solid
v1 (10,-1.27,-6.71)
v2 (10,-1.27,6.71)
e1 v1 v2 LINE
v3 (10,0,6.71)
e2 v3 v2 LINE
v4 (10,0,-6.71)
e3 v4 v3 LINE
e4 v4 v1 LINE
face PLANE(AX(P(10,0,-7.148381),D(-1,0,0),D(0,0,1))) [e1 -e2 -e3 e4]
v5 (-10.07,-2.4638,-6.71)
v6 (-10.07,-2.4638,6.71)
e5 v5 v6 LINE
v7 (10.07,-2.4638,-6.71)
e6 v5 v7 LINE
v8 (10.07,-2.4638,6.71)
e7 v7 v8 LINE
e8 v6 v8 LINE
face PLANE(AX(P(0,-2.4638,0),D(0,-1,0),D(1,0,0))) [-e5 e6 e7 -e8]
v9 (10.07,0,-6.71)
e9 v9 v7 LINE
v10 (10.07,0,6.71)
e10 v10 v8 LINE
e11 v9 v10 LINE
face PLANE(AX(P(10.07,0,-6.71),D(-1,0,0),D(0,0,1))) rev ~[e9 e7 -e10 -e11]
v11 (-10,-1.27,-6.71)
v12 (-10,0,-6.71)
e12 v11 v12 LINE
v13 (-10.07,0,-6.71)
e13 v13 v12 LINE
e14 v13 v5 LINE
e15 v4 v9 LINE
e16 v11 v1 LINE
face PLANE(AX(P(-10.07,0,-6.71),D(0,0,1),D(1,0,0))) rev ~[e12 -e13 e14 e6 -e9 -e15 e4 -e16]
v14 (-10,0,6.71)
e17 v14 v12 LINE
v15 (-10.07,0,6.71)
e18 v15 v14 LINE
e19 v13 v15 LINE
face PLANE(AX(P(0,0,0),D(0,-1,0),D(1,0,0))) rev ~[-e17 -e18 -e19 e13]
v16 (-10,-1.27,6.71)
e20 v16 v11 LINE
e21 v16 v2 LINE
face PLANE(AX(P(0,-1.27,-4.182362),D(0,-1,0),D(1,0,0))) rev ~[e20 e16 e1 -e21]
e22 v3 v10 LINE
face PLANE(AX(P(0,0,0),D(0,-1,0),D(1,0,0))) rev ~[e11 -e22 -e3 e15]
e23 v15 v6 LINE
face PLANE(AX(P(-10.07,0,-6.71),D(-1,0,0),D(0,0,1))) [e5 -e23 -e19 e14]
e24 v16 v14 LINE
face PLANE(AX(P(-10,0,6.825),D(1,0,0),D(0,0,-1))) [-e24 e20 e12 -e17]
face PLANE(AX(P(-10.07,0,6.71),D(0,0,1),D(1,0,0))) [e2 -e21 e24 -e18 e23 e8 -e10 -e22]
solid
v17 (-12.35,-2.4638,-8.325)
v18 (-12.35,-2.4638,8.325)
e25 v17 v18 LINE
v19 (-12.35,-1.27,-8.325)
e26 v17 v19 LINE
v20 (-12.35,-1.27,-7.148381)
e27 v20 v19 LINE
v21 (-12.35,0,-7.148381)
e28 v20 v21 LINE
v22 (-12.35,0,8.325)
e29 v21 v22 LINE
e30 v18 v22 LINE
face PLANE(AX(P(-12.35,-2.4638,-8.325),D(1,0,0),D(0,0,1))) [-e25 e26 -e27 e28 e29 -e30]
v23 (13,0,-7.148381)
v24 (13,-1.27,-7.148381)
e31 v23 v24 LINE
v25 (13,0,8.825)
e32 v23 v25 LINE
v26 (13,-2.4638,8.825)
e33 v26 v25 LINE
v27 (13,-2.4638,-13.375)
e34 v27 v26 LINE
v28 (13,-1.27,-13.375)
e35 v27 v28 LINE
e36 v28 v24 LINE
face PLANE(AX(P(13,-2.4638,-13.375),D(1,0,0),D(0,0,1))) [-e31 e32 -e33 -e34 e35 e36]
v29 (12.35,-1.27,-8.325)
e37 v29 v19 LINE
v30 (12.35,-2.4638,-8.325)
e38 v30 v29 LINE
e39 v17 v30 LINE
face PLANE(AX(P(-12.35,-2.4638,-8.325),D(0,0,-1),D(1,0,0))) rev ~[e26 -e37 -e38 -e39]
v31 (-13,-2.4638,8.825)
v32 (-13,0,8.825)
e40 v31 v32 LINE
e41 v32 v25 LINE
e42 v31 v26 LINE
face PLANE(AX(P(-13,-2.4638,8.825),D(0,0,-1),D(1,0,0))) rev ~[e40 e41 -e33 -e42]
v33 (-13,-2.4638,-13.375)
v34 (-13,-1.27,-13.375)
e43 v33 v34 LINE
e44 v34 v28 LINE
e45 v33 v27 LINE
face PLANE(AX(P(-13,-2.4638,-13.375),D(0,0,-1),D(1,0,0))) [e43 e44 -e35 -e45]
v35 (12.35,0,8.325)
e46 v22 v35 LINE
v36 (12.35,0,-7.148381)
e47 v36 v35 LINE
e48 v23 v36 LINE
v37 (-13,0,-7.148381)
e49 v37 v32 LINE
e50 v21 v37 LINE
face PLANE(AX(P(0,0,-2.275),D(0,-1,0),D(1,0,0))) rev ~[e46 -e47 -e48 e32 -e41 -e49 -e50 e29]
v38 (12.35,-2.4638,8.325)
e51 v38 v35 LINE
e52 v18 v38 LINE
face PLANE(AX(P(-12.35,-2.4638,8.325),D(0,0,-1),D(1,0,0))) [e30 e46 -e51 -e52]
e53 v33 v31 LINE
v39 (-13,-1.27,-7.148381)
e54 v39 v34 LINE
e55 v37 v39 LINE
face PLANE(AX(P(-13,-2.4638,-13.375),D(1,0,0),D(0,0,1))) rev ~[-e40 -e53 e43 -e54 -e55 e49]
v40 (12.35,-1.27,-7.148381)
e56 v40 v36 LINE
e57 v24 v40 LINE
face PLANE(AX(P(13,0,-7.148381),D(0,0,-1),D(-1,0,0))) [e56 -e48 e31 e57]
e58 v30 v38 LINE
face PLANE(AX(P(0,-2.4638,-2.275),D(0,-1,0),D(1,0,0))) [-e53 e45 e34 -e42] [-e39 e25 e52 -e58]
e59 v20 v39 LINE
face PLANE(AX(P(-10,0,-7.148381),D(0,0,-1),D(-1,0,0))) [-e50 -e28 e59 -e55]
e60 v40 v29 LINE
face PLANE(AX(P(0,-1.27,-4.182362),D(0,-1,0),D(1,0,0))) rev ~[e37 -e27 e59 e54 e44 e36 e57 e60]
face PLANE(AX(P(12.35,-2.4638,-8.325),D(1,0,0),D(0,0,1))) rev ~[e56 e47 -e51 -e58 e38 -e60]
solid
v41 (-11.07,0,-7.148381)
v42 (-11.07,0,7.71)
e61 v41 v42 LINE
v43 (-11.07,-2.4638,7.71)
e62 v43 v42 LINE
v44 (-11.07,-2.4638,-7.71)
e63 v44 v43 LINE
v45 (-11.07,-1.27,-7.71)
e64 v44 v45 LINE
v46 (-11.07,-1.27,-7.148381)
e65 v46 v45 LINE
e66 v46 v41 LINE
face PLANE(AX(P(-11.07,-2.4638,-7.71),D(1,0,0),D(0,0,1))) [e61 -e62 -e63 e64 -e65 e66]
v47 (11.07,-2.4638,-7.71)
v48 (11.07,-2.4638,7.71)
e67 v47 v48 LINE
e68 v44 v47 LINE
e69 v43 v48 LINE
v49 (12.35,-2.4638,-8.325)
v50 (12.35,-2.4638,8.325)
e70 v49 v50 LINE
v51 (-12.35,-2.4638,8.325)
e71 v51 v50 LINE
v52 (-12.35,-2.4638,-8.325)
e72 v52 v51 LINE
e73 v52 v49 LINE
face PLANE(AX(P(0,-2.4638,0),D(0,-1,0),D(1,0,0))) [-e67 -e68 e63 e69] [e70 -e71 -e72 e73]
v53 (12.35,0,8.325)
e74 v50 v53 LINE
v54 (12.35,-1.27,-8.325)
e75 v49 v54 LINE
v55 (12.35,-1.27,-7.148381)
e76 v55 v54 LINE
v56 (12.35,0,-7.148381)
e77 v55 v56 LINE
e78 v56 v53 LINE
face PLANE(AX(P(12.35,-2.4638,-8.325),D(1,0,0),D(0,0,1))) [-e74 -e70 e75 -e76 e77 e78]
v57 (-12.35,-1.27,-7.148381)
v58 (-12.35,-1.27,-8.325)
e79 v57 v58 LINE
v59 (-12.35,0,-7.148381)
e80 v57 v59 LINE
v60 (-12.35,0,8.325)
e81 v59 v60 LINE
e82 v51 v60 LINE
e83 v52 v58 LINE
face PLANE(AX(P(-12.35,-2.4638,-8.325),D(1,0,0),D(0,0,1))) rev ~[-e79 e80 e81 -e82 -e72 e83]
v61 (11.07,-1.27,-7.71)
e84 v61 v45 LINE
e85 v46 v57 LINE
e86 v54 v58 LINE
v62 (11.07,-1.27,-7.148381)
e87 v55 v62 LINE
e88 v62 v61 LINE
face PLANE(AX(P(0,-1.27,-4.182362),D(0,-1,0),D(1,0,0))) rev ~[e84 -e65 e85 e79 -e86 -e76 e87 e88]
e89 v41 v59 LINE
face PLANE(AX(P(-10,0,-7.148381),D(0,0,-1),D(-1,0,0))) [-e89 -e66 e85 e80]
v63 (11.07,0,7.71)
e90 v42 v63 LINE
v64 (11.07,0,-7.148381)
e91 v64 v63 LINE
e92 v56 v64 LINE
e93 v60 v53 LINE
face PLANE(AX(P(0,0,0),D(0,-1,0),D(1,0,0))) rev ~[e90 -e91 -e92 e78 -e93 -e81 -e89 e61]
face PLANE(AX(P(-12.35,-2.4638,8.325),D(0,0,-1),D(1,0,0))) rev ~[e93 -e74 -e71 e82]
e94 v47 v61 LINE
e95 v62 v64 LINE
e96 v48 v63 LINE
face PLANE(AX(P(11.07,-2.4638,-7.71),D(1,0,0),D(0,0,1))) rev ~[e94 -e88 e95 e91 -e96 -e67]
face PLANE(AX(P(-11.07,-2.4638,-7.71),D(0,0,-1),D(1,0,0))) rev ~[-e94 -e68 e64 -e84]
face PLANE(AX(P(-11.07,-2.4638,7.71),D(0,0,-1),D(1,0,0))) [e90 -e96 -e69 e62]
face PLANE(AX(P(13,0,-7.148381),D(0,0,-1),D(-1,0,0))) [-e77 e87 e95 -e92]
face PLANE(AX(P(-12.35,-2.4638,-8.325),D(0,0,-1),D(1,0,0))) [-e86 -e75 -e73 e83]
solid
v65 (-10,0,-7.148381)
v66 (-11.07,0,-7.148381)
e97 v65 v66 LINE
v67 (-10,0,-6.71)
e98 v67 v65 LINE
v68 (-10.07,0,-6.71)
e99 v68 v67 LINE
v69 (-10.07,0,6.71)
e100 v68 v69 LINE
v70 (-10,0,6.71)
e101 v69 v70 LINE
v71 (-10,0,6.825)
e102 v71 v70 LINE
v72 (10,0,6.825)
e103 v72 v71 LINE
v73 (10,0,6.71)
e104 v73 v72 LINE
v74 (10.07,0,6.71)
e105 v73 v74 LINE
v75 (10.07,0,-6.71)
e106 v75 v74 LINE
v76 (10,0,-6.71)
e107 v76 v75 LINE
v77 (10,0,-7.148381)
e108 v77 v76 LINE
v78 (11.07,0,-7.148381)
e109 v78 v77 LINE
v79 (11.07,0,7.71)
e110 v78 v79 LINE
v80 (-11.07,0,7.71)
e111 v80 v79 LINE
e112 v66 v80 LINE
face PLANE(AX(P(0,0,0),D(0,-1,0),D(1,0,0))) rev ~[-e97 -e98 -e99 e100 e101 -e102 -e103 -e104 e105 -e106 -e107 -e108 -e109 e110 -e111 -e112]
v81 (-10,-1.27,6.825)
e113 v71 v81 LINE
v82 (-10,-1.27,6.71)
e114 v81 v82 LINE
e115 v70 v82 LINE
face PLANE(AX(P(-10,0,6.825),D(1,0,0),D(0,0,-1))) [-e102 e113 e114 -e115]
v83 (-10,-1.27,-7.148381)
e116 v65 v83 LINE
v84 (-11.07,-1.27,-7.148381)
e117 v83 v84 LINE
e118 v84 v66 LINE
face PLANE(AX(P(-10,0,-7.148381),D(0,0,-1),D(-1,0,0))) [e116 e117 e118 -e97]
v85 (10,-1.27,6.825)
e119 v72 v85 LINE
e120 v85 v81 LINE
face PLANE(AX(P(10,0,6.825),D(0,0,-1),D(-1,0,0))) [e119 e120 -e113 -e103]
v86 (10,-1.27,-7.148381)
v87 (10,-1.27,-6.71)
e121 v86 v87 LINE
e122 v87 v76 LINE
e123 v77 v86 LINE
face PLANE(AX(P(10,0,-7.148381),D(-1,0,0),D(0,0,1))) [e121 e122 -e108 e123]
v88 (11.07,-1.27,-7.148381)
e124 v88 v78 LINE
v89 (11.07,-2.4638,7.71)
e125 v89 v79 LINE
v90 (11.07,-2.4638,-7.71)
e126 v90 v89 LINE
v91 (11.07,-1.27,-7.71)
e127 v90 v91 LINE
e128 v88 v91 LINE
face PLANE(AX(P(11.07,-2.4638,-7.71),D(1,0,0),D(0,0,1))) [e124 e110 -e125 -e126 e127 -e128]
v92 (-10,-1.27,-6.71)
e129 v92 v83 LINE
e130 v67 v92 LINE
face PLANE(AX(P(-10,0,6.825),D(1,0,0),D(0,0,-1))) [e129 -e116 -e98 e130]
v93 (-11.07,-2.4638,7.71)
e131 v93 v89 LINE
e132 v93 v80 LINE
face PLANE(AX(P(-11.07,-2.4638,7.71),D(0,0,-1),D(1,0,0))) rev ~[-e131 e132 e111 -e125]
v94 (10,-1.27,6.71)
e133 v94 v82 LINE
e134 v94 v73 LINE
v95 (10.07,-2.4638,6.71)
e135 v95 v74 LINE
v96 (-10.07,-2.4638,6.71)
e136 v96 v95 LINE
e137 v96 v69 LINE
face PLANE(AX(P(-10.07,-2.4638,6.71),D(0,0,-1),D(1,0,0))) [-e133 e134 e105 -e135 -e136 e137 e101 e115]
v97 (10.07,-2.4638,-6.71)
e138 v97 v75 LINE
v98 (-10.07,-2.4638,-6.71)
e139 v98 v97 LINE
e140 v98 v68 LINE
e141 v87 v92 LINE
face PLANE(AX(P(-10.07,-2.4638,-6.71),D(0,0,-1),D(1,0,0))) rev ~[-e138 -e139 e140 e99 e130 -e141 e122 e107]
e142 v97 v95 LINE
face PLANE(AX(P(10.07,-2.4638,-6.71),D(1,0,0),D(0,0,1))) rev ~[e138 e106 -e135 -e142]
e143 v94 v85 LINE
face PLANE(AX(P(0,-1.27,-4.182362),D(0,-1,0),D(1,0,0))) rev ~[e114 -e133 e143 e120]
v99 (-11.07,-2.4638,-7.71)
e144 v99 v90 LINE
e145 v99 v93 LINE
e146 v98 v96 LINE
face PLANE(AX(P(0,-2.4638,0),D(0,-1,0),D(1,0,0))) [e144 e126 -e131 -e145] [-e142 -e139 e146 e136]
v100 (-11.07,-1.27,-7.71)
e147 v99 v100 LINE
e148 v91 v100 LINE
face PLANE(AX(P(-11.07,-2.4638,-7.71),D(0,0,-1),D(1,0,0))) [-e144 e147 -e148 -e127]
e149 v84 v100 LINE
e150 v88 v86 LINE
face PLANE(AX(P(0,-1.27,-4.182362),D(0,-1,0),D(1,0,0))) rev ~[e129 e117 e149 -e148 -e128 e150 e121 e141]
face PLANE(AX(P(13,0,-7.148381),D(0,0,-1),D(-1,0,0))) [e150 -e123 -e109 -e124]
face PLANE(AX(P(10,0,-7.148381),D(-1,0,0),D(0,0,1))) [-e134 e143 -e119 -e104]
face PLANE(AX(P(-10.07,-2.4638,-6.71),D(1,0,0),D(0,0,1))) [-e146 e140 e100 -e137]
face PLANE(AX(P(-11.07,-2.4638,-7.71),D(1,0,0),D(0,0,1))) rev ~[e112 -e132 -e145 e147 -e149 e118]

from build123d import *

# Parameters (mm, degrees)
F0_W     = 20.14
F0_H     = 13.42
F1_DEPTH = 2.4638
F2_W     = 22.14
F2_H     = 15.42
F2_W_2   = 20.14
F2_H_2   = 13.42
F3_DEPTH = 2.4638
F4_W     = 24.7
F4_H     = 16.65
F4_W_2   = 22.14
F4_H_2   = 15.42
F5_DEPTH = 2.4638
F6_W     = 26
F6_H     = 22.2
F6_W_2   = 24.7
F6_H_2   = 16.65
F7_DEPTH = 2.4638
F9_DEPTH = 1.27


with BuildPart() as f1:
    # F0 (on Front) → F1 (new body)
    with BuildSketch(Plane.XZ):
        Rectangle(F0_W, F0_H)
    extrude(amount=F1_DEPTH)


with BuildPart() as f3:
    # F2 (on face) → F3 (new body)
    with BuildSketch(Plane.XZ.offset(2.4638)):
        Rectangle(F2_W, F2_H)
        Rectangle(F2_W_2, F2_H_2, mode=Mode.SUBTRACT)
    extrude(amount=-F3_DEPTH)


with BuildPart() as f5:
    # F4 (on face) → F5 (new body)
    with BuildSketch(Plane.XZ.offset(2.4638)):
        Rectangle(F4_W, F4_H)
        Rectangle(F4_W_2, F4_H_2, mode=Mode.SUBTRACT)
    extrude(amount=-F5_DEPTH)


with BuildPart() as f7:
    # F6 (on face) → F7 (new body)
    with BuildSketch(Plane.XZ.offset(2.4638)):
        with Locations((0, -2.275)):
            Rectangle(F6_W, F6_H)
        Rectangle(F6_W_2, F6_H_2, mode=Mode.SUBTRACT)
    extrude(amount=-F7_DEPTH)


with BuildPart() as f9_tool:
    # F8 (on Front) → F9 (new body)
    with BuildSketch(Plane.XZ):
        Polygon((10, 6.825), (-10, 6.825), (-10, -7.148381), (-13, -7.148381), (-13, -13.375), (13, -13.375), (13, -7.148381), (10, -7.148381), align=None)
    extrude(amount=F9_DEPTH)


with BuildPart() as f1_1:
    add(f1.part)

    # F9: cut by f9_tool
    add(f9_tool.part, mode=Mode.SUBTRACT)


with BuildPart() as f3_1:
    add(f3.part)

    # F9: cut by f9_tool
    add(f9_tool.part, mode=Mode.SUBTRACT)


with BuildPart() as f5_1:
    add(f5.part)

    # F9: cut by f9_tool
    add(f9_tool.part, mode=Mode.SUBTRACT)


with BuildPart() as f7_1:
    add(f7.part)

    # F9: cut by f9_tool
    add(f9_tool.part, mode=Mode.SUBTRACT)


solid = Compound([f1_1.part, f3_1.part, f5_1.part, f7_1.part])
